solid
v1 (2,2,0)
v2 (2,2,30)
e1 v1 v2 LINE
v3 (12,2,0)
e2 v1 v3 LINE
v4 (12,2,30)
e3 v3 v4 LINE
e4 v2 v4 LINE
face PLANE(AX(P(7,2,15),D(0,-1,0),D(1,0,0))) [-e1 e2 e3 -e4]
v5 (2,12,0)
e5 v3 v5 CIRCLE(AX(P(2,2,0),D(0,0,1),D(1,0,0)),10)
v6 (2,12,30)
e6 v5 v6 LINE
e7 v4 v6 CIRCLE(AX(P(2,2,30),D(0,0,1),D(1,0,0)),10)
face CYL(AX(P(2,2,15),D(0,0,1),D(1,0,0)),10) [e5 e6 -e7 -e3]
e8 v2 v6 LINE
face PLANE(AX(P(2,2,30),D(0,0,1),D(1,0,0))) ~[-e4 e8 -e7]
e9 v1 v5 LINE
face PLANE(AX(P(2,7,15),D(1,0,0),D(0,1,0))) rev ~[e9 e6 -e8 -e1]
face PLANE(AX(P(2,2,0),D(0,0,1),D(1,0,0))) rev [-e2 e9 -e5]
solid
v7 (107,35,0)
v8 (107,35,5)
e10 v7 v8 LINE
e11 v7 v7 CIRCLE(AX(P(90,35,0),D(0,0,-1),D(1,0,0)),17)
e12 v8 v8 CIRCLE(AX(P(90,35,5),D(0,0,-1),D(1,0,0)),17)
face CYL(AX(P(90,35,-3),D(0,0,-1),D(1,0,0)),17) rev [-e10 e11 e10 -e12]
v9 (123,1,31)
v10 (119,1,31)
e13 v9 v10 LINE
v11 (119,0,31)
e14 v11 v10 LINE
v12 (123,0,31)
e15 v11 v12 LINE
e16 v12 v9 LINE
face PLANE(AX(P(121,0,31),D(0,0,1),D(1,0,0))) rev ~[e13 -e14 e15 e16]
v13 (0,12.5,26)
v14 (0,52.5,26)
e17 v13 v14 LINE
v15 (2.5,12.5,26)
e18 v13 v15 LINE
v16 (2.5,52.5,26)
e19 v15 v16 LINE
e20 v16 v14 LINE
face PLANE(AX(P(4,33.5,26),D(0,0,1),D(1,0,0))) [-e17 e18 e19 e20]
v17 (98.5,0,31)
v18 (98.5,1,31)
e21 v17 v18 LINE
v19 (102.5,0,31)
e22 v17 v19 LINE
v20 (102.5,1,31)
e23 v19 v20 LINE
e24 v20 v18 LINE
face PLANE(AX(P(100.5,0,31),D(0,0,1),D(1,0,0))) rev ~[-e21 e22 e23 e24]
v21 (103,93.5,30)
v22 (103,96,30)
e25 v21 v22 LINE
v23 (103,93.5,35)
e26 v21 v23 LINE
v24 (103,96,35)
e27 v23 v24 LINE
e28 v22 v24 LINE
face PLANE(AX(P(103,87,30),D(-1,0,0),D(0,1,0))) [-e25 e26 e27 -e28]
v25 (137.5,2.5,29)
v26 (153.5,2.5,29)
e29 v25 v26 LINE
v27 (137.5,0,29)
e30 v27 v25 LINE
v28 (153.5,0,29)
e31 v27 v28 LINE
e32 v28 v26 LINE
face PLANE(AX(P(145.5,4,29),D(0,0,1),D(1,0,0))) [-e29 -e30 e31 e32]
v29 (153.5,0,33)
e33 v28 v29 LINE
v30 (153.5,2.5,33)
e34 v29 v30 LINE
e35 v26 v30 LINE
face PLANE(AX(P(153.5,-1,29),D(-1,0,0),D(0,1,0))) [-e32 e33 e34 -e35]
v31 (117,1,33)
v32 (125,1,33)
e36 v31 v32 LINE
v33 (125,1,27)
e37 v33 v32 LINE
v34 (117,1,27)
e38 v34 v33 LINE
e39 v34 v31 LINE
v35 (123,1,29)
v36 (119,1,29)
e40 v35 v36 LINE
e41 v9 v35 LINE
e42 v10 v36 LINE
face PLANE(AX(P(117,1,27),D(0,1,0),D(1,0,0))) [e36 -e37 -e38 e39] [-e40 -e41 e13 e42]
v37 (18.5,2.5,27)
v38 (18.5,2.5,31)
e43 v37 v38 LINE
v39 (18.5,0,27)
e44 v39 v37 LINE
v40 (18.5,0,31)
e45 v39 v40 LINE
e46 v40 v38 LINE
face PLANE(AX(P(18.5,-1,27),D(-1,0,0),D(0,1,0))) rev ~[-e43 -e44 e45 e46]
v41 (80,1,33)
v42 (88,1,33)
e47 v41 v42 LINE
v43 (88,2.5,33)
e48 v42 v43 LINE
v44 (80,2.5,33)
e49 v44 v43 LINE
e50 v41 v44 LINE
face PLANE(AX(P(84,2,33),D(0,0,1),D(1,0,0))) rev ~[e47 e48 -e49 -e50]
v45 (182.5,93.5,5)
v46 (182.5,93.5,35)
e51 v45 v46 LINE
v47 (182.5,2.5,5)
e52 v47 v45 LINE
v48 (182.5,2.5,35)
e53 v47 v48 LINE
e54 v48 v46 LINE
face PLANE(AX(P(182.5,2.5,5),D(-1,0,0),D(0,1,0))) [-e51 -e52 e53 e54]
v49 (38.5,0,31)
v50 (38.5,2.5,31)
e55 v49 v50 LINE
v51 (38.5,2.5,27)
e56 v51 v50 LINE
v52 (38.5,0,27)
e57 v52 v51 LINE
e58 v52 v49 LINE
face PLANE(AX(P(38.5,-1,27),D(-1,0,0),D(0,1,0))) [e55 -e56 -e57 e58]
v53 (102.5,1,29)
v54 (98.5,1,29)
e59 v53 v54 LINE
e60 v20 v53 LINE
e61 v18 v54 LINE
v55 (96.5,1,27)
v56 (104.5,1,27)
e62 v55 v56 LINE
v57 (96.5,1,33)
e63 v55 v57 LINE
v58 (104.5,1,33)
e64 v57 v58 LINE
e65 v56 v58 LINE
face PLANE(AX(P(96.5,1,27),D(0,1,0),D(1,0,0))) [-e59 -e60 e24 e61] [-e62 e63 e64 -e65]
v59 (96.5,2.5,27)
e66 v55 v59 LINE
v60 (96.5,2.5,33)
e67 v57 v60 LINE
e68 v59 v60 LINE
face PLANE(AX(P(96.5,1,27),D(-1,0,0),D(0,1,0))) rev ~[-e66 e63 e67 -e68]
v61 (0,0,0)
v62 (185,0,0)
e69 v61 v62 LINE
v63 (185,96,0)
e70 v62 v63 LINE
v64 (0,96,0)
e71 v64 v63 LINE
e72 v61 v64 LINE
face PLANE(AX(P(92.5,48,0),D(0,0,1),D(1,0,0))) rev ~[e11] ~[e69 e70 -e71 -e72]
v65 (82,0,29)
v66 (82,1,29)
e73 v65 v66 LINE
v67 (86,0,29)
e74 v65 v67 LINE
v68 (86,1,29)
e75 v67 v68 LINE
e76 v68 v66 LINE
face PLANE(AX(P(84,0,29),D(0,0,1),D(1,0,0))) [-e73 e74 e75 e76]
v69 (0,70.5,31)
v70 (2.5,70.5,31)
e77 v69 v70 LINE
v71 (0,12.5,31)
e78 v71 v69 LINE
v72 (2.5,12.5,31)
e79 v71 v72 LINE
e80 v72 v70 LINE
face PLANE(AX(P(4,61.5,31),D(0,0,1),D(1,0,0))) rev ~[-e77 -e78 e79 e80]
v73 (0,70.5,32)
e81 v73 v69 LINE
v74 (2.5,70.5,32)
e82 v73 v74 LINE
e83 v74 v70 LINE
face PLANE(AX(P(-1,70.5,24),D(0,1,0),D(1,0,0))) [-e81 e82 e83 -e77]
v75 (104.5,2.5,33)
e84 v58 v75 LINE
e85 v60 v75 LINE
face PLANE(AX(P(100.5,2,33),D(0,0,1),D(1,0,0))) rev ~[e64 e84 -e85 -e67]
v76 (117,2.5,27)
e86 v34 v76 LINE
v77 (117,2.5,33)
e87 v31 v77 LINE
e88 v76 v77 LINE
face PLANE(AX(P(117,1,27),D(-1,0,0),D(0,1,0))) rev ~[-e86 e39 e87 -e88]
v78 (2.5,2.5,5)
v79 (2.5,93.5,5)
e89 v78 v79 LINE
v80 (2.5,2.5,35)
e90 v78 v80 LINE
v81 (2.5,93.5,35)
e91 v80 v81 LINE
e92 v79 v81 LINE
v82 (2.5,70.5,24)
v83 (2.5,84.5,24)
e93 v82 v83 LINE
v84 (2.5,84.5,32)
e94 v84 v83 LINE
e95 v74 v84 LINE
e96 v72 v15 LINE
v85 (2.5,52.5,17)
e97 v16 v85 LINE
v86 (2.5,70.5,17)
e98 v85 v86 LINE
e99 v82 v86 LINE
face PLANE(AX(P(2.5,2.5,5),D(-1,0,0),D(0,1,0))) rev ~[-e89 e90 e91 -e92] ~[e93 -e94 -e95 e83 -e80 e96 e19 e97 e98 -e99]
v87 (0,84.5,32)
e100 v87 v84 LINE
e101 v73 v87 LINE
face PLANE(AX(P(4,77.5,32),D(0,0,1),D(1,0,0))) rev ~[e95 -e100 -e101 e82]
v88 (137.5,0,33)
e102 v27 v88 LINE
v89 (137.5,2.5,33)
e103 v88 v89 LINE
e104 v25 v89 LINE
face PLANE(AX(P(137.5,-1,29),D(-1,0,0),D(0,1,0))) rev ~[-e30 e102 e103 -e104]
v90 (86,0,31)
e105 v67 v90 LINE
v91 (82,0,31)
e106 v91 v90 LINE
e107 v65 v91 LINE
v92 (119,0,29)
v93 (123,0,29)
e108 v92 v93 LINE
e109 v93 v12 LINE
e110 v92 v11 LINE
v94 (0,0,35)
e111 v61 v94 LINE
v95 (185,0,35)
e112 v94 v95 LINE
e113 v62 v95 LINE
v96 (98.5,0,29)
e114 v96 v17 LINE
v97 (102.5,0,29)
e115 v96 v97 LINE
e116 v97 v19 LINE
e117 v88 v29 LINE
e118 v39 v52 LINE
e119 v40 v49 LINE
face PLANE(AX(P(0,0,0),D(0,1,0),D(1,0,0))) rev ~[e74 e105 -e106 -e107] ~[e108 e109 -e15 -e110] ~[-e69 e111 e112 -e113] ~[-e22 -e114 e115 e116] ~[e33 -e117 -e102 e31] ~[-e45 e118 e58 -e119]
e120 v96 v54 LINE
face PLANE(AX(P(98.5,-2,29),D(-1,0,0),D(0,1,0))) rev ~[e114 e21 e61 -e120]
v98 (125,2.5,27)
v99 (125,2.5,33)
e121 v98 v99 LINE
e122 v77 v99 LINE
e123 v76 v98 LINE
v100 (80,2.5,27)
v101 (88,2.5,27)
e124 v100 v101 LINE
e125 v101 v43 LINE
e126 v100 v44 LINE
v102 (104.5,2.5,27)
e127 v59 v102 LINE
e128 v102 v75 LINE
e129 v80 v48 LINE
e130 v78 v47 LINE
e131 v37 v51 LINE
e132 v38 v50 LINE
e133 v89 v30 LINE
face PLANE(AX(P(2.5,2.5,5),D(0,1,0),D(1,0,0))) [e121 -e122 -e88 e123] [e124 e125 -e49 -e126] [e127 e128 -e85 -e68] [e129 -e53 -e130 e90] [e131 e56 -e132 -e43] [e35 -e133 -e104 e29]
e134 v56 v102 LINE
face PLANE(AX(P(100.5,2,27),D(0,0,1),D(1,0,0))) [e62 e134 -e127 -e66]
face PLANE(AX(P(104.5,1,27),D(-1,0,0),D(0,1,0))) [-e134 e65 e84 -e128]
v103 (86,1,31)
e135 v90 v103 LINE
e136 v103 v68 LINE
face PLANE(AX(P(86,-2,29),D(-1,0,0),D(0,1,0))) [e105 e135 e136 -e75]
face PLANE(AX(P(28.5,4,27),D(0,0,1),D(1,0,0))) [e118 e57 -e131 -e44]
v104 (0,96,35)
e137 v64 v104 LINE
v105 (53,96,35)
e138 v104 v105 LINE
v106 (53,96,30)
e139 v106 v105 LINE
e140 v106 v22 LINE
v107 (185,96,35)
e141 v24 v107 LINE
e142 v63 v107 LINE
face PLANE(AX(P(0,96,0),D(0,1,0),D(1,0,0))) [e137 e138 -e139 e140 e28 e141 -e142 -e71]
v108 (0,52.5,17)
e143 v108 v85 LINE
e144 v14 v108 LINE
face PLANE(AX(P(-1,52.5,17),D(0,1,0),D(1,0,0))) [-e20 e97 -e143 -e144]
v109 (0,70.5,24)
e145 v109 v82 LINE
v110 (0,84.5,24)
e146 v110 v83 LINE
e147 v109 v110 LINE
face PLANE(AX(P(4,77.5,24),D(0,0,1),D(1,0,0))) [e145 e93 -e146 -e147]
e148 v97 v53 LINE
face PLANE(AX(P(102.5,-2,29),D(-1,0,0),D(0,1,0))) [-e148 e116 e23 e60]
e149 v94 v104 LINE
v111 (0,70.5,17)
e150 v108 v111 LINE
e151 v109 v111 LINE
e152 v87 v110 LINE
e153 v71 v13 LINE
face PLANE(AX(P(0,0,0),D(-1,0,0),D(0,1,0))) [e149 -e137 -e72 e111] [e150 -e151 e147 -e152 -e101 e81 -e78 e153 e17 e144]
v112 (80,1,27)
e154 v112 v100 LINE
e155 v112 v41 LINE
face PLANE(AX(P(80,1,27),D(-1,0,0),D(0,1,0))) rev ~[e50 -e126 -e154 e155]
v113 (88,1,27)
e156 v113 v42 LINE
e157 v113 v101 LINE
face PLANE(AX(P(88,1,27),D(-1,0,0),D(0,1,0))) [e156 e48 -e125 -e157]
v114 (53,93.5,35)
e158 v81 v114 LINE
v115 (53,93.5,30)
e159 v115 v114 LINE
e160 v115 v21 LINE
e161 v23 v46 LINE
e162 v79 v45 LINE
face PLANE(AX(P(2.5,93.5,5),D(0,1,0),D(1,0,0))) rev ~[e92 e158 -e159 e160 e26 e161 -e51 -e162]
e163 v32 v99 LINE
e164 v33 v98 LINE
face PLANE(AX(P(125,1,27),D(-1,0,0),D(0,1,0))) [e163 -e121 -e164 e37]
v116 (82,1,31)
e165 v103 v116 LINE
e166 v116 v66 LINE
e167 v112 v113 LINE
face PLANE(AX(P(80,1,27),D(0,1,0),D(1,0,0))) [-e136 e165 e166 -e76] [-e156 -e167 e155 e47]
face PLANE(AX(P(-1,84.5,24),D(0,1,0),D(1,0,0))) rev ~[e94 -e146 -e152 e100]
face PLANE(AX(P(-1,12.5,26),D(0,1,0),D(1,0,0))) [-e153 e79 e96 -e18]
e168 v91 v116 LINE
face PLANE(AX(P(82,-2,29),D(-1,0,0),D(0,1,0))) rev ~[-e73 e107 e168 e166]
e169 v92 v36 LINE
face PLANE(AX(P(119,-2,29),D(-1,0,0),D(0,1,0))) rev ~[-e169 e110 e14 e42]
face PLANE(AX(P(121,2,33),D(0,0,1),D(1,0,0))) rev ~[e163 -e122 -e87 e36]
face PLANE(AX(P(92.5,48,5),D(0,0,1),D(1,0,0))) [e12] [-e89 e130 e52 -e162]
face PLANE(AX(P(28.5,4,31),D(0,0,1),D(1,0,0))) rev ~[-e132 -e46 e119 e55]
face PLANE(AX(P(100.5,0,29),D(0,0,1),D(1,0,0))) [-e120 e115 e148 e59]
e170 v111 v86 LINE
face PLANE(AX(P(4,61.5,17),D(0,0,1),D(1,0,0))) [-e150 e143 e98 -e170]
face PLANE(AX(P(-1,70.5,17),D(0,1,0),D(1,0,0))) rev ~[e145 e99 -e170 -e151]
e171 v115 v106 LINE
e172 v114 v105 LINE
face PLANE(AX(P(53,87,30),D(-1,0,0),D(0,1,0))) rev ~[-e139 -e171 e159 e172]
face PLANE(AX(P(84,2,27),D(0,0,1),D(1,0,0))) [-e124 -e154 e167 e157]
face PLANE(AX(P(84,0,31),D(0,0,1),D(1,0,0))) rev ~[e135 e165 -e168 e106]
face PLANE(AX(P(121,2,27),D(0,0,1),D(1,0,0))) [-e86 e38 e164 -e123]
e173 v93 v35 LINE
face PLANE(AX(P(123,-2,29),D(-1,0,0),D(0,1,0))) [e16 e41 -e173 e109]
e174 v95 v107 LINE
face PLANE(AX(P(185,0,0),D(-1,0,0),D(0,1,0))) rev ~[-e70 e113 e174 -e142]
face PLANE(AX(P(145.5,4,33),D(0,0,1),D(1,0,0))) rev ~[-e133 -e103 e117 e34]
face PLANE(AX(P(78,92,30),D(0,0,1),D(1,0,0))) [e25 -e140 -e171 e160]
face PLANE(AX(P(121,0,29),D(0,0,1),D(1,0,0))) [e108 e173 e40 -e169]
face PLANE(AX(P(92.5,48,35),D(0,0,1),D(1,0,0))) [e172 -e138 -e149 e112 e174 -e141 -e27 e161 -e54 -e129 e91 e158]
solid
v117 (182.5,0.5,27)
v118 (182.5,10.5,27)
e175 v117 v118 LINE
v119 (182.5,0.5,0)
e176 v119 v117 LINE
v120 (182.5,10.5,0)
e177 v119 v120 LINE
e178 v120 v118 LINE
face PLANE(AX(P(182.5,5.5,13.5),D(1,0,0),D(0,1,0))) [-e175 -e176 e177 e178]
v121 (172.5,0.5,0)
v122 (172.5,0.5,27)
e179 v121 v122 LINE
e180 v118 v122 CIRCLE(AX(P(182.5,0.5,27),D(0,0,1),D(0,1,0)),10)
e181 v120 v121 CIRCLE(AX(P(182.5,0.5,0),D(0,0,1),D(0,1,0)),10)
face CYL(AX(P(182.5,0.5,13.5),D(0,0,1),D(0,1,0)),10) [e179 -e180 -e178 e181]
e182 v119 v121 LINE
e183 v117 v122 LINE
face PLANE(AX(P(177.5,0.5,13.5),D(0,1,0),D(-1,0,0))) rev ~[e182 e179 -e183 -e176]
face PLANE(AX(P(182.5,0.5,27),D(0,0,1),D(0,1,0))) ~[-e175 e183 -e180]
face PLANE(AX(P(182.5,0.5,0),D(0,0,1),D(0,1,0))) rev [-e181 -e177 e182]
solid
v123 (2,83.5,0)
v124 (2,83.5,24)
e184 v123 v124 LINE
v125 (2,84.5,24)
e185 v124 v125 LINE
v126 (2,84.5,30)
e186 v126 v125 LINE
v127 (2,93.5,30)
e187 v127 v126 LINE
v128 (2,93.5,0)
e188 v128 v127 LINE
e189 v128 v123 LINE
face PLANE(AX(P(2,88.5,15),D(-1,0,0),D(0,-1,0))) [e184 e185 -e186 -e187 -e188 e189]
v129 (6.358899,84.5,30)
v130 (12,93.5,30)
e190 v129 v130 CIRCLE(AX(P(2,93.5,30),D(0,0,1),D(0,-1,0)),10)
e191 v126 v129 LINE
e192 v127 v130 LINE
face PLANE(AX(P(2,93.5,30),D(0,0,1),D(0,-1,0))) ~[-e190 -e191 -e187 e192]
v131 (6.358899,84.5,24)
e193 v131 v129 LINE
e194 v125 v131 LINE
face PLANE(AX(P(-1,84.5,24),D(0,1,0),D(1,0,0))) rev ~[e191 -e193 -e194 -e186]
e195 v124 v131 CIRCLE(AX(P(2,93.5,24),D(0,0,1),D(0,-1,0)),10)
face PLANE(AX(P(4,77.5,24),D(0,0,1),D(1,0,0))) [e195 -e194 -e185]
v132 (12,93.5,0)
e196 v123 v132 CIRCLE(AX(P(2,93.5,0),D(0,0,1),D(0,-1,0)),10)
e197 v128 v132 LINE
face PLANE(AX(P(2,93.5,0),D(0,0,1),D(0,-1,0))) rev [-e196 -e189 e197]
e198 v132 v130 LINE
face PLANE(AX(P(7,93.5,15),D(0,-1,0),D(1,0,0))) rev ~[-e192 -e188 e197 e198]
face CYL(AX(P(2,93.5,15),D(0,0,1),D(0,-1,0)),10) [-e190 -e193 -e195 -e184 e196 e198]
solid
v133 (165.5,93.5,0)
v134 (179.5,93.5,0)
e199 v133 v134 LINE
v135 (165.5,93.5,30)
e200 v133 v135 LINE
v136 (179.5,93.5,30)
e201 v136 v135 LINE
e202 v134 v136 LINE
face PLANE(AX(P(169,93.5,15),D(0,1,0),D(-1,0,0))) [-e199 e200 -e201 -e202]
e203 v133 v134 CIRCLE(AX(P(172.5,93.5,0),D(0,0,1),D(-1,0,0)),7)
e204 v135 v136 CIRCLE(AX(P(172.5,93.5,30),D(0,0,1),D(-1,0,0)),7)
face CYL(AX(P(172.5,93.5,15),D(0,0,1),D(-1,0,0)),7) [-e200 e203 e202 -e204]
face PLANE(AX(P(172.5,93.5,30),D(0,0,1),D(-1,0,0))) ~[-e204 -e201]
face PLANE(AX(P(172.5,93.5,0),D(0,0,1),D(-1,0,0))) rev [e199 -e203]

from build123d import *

# Parameters (mm, degrees)
CYLINDER_W                  = 10
CYLINDER_H                  = 30
CYLINDER_ANGLE              = 90
CYLINDER002_W               = 7
CYLINDER002_H               = 30
CYLINDER002_ANGLE           = 180
CYLINDER003_W               = 10
CYLINDER003_H               = 27
CYLINDER003_ANGLE           = 90
CYLINDER003_PLACEMENT_ANGLE = 90
BOX002_W                    = 10
BOX002_H                    = 14
BOX002_DEPTH                = 8
CYLINDER001_W               = 10
CYLINDER001_H               = 30
CYLINDER001_ANGLE           = 90
CYLINDER001_PLACEMENT_ANGLE = -90
CYLINDER004_R               = 17
CYLINDER004_DEPTH           = 10
BOX012_W                    = 8
BOX012_H                    = 2
BOX012_DEPTH                = 6
BOX011_W                    = 8
BOX011_H                    = 2
BOX011_DEPTH                = 6
BOX013_W                    = 8
BOX013_H                    = 2
BOX013_DEPTH                = 6
BOX008_W                    = 4
BOX008_H                    = 4
BOX008_DEPTH                = 2
BOX009_W                    = 4
BOX009_H                    = 4
BOX009_DEPTH                = 2
BOX007_W                    = 4
BOX007_H                    = 4
BOX007_DEPTH                = 2
BOX006_W                    = 20
BOX006_H                    = 10
BOX006_DEPTH                = 4
BOX005_W                    = 50
BOX005_H                    = 10
BOX005_DEPTH                = 5
BOX004_W                    = 10
BOX004_H                    = 42
BOX004_DEPTH                = 5
BOX003_W                    = 10
BOX003_H                    = 18
BOX003_DEPTH                = 14
BOX010_W                    = 16
BOX010_H                    = 10
BOX010_DEPTH                = 4
BOX001_W                    = 180
BOX001_H                    = 91
BOX001_DEPTH                = 30
BOX_W                       = 185
BOX_H                       = 96
BOX_DEPTH                   = 35


with BuildPart() as standoffbr:
    # Cylinder → Cylinder (revolve)
    with BuildSketch(Plane(origin=(2, 2, 0), x_dir=(1, 0, 0), z_dir=(0, -1, 0))):
        with Locations((5, 15)):
            Rectangle(CYLINDER_W, CYLINDER_H)
    revolve(axis=Axis((2, 2, 0), (0, 0, 1)), revolution_arc=CYLINDER_ANGLE)


with BuildPart() as standofftl:
    # Cylinder002 → Cylinder002 (revolve)
    with BuildSketch(Plane(origin=(172.5, 93.5, 0), x_dir=(-1, 0, 0), z_dir=(0, 1, 0))):
        with Locations((3.5, 15)):
            Rectangle(CYLINDER002_W, CYLINDER002_H)
    revolve(axis=Axis((172.5, 93.5, 0), (0, 0, 1)), revolution_arc=CYLINDER002_ANGLE)


with BuildPart() as standofftr:
    # Cylinder003 → Cylinder003 (revolve)
    with BuildSketch(Plane.XZ):
        with Locations((5, 13.5)):
            Rectangle(CYLINDER003_W, CYLINDER003_H)
    revolve(axis=Axis((0, 0, 0), (0, 0, 1)), revolution_arc=CYLINDER003_ANGLE)


with BuildPart() as standofftr_1:
    # Cylinder003 placement: moved
    add(standofftr.part.moved(Location((182.5, 0.5, 0))).rotate(Axis((182.5, 0.5, 0), (0, 0, 1)), CYLINDER003_PLACEMENT_ANGLE))


with BuildPart() as headphone:
    # Box002 → Box002 (new body)
    with BuildSketch(Plane(origin=(-1, 70.5, 24), x_dir=(1, 0, 0), z_dir=(0, 0, 1))):
        with Locations((5, 7)):
            Rectangle(BOX002_W, BOX002_H)
    extrude(amount=BOX002_DEPTH)


with BuildPart() as standoffbl:
    # Cylinder001 → Cylinder001 (revolve)
    with BuildSketch(Plane.XZ):
        with Locations((5, 15)):
            Rectangle(CYLINDER001_W, CYLINDER001_H)
    revolve(axis=Axis((0, 0, 0), (0, 0, 1)), revolution_arc=CYLINDER001_ANGLE)


with BuildPart() as standoffbl_1:
    # Cylinder001 placement: moved
    add(standoffbl.part.moved(Location((2, 93.5, 0))).rotate(Axis((2, 93.5, 0), (0, 0, 1)), CYLINDER001_PLACEMENT_ANGLE))

    # Cut003: cut Headphone
    add(headphone.part, mode=Mode.SUBTRACT)


with BuildPart() as fanhole:
    # Cylinder004 → Cylinder004 (new body)
    with BuildSketch(Plane(origin=(90, 35, -3), x_dir=(1, 0, 0), z_dir=(0, 0, 1))):
        Circle(CYLINDER004_R)
    extrude(amount=CYLINDER004_DEPTH)


with BuildPart() as volumeupbotton:
    # Box012 → Box012 (new body)
    with BuildSketch(Plane(origin=(96.5, 1, 27), x_dir=(1, 0, 0), z_dir=(0, 0, 1))):
        with Locations((4, 1)):
            Rectangle(BOX012_W, BOX012_H)
    extrude(amount=BOX012_DEPTH)


with BuildPart() as voldownbutton:
    # Box011 → Box011 (new body)
    with BuildSketch(Plane(origin=(80, 1, 27), x_dir=(1, 0, 0), z_dir=(0, 0, 1))):
        with Locations((4, 1)):
            Rectangle(BOX011_W, BOX011_H)
    extrude(amount=BOX011_DEPTH)


with BuildPart() as buttoncutouts:
    # Box013 → Box013 (new body)
    with BuildSketch(Plane(origin=(117, 1, 27), x_dir=(1, 0, 0), z_dir=(0, 0, 1))):
        with Locations((4, 1)):
            Rectangle(BOX013_W, BOX013_H)
    extrude(amount=BOX013_DEPTH)

    # Fusion001: union VolumeUpBotton, VolDownButton
    add(volumeupbotton.part)
    add(voldownbutton.part)


with BuildPart() as volup:
    # Box008 → Box008 (new body)
    with BuildSketch(Plane(origin=(98.5, -2, 29), x_dir=(1, 0, 0), z_dir=(0, 0, 1))):
        with Locations((2, 2)):
            Rectangle(BOX008_W, BOX008_H)
    extrude(amount=BOX008_DEPTH)


with BuildPart() as power:
    # Box009 → Box009 (new body)
    with BuildSketch(Plane(origin=(119, -2, 29), x_dir=(1, 0, 0), z_dir=(0, 0, 1))):
        with Locations((2, 2)):
            Rectangle(BOX009_W, BOX009_H)
    extrude(amount=BOX009_DEPTH)


with BuildPart() as voldown:
    # Box007 → Box007 (new body)
    with BuildSketch(Plane(origin=(82, -2, 29), x_dir=(1, 0, 0), z_dir=(0, 0, 1))):
        with Locations((2, 2)):
            Rectangle(BOX007_W, BOX007_H)
    extrude(amount=BOX007_DEPTH)


with BuildPart() as smartcard:
    # Box006 → Box006 (new body)
    with BuildSketch(Plane(origin=(18.5, -1, 27), x_dir=(1, 0, 0), z_dir=(0, 0, 1))):
        with Locations((10, 5)):
            Rectangle(BOX006_W, BOX006_H)
    extrude(amount=BOX006_DEPTH)


with BuildPart() as hwswitches:
    # Box005 → Box005 (new body)
    with BuildSketch(Plane(origin=(53, 87, 30), x_dir=(1, 0, 0), z_dir=(0, 0, 1))):
        with Locations((25, 5)):
            Rectangle(BOX005_W, BOX005_H)
    extrude(amount=BOX005_DEPTH)


with BuildPart() as ports:
    # Box004 → Box004 (new body)
    with BuildSketch(Plane(origin=(-1, 12.5, 26), x_dir=(1, 0, 0), z_dir=(0, 0, 1))):
        with Locations((5, 21)):
            Rectangle(BOX004_W, BOX004_H)
    extrude(amount=BOX004_DEPTH)


with BuildPart() as rj45:
    # Box003 → Box003 (new body)
    with BuildSketch(Plane(origin=(-1, 52.5, 17), x_dir=(1, 0, 0), z_dir=(0, 0, 1))):
        with Locations((5, 9)):
            Rectangle(BOX003_W, BOX003_H)
    extrude(amount=BOX003_DEPTH)


with BuildPart() as allcutouts:
    # Box010 → Box010 (new body)
    with BuildSketch(Plane(origin=(137.5, -1, 29), x_dir=(1, 0, 0), z_dir=(0, 0, 1))):
        with Locations((8, 5)):
            Rectangle(BOX010_W, BOX010_H)
    extrude(amount=BOX010_DEPTH)

    # Fusion: union VolUp, Power, VolDown, SmartCard, HWSwitches, Ports, RJ45, Headphone
    add(volup.part)
    add(power.part)
    add(voldown.part)
    add(smartcard.part)
    add(hwswitches.part)
    add(ports.part)
    add(rj45.part)
    add(headphone.part)


with BuildPart() as inside:
    # Box001 → Box001 (new body)
    with BuildSketch(Plane(origin=(2.5, 2.5, 5), x_dir=(1, 0, 0), z_dir=(0, 0, 1))):
        with Locations((90, 45.5)):
            Rectangle(BOX001_W, BOX001_H)
    extrude(amount=BOX001_DEPTH)


with BuildPart() as cut004:
    # Box → Box (new body)
    with BuildSketch(Plane.XY):
        with Locations((92.5, 48)):
            Rectangle(BOX_W, BOX_H)
    extrude(amount=BOX_DEPTH)

    # Cut: cut Inside
    add(inside.part, mode=Mode.SUBTRACT)

    # Cut001: cut AllCutouts
    add(allcutouts.part, mode=Mode.SUBTRACT)

    # Cut002: cut ButtonCutouts
    add(buttoncutouts.part, mode=Mode.SUBTRACT)

    # Cut004: cut FanHole
    add(fanhole.part, mode=Mode.SUBTRACT)


solid = Compound([standoffbr.part, standofftl.part, standofftr_1.part, standoffbl_1.part, cut004.part])
